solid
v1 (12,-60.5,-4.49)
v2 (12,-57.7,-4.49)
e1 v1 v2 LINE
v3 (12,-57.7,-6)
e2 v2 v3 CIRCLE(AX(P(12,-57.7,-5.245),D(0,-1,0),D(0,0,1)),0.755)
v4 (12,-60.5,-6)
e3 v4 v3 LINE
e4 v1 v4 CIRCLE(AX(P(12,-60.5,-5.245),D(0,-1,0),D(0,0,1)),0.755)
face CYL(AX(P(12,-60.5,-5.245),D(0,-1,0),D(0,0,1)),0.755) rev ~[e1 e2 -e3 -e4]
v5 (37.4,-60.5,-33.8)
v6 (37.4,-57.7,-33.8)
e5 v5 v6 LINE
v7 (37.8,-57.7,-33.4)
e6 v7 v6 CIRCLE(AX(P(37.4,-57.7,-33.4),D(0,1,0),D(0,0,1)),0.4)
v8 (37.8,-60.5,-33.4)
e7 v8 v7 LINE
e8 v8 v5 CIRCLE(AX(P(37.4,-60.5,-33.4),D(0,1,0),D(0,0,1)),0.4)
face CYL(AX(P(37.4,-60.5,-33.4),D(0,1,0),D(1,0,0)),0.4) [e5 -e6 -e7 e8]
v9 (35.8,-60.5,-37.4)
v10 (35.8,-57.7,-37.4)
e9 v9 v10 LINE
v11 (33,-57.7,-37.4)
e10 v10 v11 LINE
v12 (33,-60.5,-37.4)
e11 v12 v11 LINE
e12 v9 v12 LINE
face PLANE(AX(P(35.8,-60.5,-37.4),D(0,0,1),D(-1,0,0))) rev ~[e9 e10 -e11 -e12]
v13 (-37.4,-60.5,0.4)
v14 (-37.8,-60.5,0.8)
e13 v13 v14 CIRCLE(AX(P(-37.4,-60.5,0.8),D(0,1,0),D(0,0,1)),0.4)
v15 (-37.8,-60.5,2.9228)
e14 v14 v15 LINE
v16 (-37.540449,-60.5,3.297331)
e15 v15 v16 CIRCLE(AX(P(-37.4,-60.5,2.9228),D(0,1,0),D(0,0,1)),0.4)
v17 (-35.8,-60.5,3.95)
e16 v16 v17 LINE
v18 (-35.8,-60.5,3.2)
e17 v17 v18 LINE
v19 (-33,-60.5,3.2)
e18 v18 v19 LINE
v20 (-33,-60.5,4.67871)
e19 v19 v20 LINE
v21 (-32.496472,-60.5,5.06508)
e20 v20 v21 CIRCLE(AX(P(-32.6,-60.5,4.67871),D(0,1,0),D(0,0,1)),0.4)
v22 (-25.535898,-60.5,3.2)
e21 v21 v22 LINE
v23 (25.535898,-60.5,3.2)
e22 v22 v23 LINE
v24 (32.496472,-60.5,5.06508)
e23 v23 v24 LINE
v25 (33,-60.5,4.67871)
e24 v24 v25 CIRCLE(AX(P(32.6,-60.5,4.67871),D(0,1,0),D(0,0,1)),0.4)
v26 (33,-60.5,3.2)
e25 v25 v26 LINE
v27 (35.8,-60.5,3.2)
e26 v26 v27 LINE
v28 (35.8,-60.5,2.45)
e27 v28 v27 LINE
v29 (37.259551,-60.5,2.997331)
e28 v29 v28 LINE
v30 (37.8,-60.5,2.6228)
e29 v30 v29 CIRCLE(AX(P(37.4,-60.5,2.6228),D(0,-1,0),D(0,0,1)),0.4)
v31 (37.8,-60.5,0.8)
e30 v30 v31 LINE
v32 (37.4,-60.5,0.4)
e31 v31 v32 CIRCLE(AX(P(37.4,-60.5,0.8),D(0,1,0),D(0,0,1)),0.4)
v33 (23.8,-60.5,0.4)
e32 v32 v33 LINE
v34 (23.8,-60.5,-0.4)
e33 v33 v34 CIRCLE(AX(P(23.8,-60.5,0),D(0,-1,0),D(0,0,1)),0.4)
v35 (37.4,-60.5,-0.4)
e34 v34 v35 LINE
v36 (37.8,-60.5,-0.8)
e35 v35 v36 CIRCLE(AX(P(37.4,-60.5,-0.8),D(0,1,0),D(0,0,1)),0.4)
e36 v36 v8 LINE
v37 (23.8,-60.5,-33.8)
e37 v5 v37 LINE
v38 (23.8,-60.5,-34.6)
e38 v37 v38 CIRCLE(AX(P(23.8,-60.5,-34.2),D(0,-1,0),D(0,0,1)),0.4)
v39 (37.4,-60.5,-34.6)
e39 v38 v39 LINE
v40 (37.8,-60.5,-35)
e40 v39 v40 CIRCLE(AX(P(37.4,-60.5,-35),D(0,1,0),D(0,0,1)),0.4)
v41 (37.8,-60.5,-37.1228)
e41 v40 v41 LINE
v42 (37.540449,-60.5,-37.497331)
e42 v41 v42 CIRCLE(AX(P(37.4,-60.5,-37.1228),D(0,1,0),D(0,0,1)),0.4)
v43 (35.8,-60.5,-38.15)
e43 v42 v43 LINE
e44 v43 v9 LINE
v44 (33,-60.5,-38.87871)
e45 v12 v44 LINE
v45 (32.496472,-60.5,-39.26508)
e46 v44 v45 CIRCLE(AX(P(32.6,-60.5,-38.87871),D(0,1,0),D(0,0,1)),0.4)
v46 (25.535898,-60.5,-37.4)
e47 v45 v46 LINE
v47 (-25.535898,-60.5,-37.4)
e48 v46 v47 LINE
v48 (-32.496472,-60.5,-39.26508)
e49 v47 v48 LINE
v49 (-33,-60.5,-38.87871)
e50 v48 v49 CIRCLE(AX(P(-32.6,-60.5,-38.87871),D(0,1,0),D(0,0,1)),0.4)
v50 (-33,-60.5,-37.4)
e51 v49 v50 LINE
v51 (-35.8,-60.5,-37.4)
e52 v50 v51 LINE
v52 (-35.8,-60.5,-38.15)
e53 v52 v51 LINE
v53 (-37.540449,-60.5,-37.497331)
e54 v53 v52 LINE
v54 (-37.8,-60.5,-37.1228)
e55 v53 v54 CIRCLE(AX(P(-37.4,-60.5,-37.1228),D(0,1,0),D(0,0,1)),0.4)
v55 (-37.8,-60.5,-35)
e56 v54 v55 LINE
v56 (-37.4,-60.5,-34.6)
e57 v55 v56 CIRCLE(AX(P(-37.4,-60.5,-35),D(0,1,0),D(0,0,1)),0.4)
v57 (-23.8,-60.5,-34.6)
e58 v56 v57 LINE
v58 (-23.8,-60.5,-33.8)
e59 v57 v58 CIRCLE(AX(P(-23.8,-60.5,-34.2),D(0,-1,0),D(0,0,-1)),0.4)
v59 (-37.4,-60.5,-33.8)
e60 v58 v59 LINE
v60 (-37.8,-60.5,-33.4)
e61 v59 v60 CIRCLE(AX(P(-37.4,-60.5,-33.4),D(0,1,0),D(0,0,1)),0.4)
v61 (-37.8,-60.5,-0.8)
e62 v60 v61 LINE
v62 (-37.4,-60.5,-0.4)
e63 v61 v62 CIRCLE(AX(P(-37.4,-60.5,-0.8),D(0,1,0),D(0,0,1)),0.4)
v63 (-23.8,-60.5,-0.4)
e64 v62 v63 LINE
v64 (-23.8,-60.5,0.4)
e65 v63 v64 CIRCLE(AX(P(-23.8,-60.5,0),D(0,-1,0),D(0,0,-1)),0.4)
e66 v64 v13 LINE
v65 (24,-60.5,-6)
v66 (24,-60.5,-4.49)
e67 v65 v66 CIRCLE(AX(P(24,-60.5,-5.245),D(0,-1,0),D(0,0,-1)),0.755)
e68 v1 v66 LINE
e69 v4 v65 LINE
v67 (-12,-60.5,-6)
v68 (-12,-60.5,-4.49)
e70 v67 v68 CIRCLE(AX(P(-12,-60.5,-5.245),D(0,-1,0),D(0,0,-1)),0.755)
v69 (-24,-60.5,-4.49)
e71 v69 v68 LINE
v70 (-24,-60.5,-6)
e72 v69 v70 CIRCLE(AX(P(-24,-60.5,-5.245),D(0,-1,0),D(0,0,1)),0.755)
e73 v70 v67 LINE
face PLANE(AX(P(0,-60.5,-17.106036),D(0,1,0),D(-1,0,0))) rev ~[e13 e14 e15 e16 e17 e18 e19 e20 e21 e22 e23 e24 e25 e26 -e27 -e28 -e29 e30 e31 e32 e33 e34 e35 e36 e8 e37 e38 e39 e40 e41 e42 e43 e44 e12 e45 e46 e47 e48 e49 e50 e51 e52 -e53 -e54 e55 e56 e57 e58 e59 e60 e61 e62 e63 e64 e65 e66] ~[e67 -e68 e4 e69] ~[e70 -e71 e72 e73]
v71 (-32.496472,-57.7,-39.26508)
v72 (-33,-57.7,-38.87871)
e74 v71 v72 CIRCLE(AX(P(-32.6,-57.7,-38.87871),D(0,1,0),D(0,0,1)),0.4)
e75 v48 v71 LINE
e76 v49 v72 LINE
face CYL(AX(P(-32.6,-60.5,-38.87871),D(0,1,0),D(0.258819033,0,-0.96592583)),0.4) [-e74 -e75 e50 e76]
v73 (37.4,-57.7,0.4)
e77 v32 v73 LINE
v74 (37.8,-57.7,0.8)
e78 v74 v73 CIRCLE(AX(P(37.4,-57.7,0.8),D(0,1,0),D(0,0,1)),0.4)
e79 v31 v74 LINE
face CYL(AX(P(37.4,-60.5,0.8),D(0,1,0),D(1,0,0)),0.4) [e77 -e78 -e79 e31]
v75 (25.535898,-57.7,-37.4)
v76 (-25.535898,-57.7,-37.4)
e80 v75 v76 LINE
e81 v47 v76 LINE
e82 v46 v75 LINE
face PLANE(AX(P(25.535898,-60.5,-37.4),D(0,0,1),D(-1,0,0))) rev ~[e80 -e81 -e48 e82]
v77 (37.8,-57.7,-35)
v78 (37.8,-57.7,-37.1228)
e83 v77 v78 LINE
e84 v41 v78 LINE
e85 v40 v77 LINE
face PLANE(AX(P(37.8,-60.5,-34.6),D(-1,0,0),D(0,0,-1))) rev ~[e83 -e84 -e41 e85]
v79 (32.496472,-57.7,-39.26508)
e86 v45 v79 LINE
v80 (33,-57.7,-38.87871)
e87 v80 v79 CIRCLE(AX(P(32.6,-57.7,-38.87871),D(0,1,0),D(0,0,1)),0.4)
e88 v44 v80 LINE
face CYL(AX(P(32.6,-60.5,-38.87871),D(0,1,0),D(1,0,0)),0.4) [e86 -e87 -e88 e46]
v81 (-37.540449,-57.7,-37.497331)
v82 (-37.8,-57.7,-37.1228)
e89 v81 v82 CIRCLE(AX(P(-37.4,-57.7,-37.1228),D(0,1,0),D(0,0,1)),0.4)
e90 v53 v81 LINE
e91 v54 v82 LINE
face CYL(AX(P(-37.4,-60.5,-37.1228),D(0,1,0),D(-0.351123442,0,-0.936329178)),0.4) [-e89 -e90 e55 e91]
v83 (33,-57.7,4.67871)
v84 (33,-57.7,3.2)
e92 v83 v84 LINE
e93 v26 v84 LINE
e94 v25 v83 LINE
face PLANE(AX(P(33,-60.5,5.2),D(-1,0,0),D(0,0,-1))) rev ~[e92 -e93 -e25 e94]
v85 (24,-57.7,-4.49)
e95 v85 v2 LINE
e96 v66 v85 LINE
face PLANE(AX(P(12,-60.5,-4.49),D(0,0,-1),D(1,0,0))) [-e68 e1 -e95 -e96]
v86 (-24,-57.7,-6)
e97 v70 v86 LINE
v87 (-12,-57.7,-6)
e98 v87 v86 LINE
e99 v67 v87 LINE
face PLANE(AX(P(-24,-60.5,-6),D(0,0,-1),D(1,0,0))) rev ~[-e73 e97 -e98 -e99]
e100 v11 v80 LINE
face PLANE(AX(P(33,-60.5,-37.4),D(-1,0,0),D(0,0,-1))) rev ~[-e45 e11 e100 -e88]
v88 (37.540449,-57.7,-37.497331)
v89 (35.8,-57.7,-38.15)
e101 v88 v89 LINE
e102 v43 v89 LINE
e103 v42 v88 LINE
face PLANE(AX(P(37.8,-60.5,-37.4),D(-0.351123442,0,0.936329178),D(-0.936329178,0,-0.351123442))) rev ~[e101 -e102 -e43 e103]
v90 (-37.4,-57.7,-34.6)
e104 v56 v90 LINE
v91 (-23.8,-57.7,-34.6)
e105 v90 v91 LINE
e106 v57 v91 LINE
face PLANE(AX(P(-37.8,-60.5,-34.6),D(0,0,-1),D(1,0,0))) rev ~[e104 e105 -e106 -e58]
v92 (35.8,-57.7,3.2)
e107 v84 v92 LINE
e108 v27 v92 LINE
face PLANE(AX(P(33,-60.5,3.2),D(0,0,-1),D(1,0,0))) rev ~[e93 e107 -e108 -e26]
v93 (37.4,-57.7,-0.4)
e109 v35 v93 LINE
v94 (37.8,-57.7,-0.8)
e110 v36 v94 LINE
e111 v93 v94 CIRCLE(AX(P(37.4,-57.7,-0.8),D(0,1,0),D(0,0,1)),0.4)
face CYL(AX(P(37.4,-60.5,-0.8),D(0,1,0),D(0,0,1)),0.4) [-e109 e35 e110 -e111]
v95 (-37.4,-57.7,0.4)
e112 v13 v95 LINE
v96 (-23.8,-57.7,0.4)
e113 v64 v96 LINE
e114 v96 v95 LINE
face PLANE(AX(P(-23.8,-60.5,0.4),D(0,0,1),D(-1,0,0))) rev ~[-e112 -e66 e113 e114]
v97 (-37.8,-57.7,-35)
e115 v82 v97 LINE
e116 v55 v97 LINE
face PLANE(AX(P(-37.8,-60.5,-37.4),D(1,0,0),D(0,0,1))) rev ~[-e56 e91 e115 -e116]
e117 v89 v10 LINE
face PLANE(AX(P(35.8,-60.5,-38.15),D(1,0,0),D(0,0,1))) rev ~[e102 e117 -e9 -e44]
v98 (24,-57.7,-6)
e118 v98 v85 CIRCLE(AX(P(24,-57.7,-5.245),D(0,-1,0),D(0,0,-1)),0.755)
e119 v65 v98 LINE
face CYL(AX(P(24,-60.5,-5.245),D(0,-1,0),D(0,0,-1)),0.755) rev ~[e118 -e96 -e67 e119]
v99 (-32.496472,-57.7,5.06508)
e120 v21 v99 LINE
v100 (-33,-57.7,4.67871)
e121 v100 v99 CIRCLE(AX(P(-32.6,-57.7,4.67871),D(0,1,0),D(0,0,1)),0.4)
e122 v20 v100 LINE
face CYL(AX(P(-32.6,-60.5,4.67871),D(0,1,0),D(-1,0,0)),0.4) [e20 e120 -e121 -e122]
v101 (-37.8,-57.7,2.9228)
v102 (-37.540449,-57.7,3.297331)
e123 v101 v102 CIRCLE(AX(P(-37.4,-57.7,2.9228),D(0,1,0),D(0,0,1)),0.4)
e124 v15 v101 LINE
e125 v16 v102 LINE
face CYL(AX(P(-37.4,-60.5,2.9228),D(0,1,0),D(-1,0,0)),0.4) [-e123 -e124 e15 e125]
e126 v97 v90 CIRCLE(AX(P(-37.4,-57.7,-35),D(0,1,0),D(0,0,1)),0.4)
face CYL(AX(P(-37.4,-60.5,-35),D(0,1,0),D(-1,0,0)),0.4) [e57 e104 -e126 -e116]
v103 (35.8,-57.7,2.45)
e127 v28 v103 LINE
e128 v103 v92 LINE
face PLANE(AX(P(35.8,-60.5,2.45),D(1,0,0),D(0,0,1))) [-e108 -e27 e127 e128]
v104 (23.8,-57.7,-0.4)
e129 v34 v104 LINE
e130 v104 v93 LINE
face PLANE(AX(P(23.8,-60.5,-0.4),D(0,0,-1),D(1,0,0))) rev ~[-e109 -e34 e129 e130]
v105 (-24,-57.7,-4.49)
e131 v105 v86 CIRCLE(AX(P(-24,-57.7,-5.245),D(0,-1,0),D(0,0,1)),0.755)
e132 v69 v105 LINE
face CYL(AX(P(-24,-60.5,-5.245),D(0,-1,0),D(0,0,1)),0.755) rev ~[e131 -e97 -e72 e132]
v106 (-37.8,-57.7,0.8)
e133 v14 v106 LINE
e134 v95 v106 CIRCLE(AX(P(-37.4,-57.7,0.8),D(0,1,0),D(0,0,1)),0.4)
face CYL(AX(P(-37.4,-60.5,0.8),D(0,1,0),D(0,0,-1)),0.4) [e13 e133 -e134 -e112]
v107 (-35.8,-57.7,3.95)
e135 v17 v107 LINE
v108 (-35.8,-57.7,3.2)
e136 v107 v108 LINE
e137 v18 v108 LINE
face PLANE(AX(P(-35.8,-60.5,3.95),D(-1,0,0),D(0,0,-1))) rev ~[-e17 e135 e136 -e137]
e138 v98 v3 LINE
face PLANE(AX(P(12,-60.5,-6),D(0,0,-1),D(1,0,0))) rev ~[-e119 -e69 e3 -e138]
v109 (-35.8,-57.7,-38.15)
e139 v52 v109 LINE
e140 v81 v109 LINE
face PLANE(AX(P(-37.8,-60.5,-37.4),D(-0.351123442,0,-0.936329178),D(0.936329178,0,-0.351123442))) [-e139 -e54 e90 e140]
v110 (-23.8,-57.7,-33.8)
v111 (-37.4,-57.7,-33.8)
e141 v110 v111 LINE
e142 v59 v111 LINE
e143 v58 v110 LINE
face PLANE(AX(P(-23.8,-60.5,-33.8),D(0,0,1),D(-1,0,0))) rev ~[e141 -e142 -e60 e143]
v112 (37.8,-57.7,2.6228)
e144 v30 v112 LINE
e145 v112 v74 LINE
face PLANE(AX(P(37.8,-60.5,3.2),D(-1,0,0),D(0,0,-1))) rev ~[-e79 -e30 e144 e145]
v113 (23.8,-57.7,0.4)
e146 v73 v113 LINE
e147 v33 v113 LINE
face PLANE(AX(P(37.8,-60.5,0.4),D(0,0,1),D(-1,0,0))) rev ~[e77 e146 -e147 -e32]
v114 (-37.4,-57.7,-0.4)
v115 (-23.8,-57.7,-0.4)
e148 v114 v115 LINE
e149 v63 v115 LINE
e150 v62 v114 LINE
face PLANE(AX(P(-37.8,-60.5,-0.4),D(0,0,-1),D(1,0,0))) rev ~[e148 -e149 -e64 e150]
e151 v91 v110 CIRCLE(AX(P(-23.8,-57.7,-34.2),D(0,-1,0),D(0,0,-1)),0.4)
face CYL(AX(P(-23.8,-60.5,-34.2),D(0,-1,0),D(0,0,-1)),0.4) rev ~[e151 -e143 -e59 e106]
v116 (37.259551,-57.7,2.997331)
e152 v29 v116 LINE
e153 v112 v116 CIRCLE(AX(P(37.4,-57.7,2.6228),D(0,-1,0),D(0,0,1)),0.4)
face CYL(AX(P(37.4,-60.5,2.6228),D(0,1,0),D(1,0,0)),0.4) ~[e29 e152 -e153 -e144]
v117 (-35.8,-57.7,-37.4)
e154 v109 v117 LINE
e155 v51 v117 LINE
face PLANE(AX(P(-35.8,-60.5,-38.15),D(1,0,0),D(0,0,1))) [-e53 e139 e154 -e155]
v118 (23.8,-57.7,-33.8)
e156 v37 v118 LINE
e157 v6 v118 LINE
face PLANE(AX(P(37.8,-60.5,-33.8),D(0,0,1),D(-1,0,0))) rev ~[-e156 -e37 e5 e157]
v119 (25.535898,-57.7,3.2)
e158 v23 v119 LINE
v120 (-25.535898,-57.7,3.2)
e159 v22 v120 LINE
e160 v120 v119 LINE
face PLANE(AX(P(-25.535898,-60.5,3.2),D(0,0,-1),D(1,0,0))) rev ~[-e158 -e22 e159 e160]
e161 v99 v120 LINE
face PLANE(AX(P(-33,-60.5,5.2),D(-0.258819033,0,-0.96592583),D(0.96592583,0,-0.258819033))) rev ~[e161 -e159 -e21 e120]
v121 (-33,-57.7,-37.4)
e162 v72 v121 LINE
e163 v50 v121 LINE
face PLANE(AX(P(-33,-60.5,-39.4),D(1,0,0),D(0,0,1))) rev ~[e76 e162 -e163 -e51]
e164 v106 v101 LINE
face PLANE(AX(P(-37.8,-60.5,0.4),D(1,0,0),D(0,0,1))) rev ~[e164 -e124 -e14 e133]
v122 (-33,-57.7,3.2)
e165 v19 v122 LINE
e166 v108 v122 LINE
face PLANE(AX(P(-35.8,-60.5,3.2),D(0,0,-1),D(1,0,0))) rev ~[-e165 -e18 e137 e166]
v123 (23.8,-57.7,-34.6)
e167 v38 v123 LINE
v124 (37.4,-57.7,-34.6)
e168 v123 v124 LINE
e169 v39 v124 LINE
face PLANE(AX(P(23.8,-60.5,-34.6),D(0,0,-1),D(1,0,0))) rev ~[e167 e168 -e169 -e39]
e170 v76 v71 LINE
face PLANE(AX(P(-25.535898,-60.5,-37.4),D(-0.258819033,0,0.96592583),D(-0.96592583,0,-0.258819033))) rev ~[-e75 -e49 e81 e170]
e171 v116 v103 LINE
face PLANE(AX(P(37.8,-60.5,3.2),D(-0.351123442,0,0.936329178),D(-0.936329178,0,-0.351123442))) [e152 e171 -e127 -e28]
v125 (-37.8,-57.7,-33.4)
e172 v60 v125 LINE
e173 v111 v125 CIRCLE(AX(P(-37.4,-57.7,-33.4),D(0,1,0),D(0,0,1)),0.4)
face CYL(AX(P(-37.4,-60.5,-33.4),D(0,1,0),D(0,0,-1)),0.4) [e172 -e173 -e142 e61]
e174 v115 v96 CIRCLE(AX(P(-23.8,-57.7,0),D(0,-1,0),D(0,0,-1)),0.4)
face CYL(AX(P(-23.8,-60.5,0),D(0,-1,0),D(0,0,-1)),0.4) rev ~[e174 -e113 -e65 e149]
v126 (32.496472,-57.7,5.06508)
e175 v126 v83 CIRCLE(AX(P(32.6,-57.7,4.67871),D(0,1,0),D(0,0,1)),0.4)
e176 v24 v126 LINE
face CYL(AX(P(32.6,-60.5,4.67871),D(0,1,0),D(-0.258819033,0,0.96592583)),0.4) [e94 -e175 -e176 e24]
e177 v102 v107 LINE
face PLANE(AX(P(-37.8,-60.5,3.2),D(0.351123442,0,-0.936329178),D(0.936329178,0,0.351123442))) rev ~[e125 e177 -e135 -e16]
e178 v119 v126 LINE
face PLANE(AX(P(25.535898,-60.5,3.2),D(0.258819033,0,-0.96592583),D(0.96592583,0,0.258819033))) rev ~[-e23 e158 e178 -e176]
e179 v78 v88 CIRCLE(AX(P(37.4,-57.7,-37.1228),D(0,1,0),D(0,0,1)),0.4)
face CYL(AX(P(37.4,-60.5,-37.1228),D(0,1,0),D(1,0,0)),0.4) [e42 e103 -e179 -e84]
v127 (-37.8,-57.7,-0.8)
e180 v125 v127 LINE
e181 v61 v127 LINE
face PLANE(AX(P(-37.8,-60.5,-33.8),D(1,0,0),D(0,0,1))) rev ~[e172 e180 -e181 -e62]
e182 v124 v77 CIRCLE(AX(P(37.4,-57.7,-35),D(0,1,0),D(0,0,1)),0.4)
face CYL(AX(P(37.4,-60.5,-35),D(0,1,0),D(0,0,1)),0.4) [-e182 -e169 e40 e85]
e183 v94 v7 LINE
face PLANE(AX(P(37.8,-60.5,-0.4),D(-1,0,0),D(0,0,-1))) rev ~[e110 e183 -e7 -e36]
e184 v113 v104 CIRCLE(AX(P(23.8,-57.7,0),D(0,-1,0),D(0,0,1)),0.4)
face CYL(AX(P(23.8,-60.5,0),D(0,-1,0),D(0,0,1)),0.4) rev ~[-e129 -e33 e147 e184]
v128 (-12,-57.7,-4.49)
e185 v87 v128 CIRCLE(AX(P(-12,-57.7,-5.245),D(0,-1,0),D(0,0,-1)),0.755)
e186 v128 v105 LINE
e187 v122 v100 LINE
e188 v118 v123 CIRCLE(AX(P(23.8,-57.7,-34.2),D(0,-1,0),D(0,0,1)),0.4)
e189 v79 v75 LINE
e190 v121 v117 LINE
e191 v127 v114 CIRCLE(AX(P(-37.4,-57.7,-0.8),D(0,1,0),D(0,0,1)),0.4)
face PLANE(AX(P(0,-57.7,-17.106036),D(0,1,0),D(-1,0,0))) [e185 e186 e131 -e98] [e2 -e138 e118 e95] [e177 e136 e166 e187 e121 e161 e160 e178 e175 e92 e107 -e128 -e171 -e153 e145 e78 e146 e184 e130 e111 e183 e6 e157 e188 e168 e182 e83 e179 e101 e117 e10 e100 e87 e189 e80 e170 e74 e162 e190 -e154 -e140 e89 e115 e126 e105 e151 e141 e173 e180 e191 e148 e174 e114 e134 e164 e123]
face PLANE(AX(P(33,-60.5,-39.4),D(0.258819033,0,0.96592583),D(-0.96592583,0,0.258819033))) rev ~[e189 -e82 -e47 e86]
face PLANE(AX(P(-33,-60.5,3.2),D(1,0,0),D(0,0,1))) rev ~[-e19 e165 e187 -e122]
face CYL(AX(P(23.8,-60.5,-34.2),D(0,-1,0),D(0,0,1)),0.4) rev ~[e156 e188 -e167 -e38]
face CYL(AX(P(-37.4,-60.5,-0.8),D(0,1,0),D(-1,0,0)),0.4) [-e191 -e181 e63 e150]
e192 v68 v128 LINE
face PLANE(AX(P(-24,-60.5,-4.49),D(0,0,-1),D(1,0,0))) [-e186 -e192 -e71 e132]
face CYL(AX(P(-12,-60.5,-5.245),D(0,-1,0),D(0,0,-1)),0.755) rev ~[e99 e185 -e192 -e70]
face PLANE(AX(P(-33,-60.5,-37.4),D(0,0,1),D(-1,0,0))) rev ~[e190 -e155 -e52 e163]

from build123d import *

# Parameters (mm, degrees)
PAD009_DEPTH    = 2.8
FILLET004_R     = 0.4
POCKET014_DEPTH = 2.801


with BuildPart() as part:
    # Sketch009 (on Face6 of ShapeBinder008) → Pad009 (new body)
    with BuildSketch(Plane.XZ.offset(60.5)):
        with BuildLine():
            Line((37.8, 3.2), (37.8, 0.4))
            Line((37.8, 0.4), (23.8, 0.4))
            ThreePointArc((23.8, 0.4), (23.4, 0), (23.8, -0.4))
            Line((23.8, -0.4), (37.8, -0.4))
            Line((37.8, -0.4), (37.8, -33.8))
            Line((37.8, -33.8), (23.8, -33.8))
            ThreePointArc((23.8, -33.8), (23.4, -34.2), (23.8, -34.6))
            Line((23.8, -34.6), (37.8, -34.6))
            Line((37.8, -34.6), (37.8, -37.4))
            Line((37.8, -37.4), (35.8, -38.15))
            Line((35.8, -38.15), (35.8, -37.4))
            Line((35.8, -37.4), (33, -37.4))
            Line((33, -37.4), (33, -39.4))
            Line((33, -39.4), (25.535898, -37.4))
            Line((25.535898, -37.4), (-25.535898, -37.4))
            Line((-25.535898, -37.4), (-33, -39.4))
            Line((-33, -39.4), (-33, -37.4))
            Line((-33, -37.4), (-35.8, -37.4))
            Line((-35.8, -38.15), (-35.8, -37.4))
            Line((-37.8, -37.4), (-35.8, -38.15))
            Line((-37.8, -37.4), (-37.8, -34.6))
            Line((-37.8, -34.6), (-23.8, -34.6))
            ThreePointArc((-23.8, -34.6), (-23.4, -34.2), (-23.8, -33.8))
            Line((-23.8, -33.8), (-37.8, -33.8))
            Line((-37.8, -33.8), (-37.8, -0.4))
            Line((-37.8, -0.4), (-23.8, -0.4))
            ThreePointArc((-23.8, -0.4), (-23.4, 0), (-23.8, 0.4))
            Line((-23.8, 0.4), (-37.8, 0.4))
            Line((-37.8, 0.4), (-37.8, 3.2))
            Line((-37.8, 3.2), (-35.8, 3.95))
            Line((-35.8, 3.95), (-35.8, 3.2))
            Line((-35.8, 3.2), (-33, 3.2))
            Line((-33, 3.2), (-33, 5.2))
            Line((-33, 5.2), (-25.535898, 3.2))
            Line((-25.535898, 3.2), (25.535898, 3.2))
            Line((25.535898, 3.2), (33, 5.2))
            Line((33, 5.2), (33, 3.2))
            Line((33, 3.2), (35.8, 3.2))
            Line((35.8, 2.45), (35.8, 3.2))
            Line((37.8, 3.2), (35.8, 2.45))
        make_face()
    extrude(amount=-PAD009_DEPTH)

    # Fillet004
    fillet004_edges = [part.edges().sort_by_distance(p)[0] for p in [
        (33, -59.1, 5.2),
        (37.8, -59.1, 3.2),
        (37.8, -59.1, 0.4),
        (37.8, -59.1, -0.4),
        (37.8, -59.1, -33.8),
        (37.8, -59.1, -34.6),
        (37.8, -59.1, -37.4),
        (33, -59.1, -39.4),
        (-37.8, -59.1, -33.8),
        (-37.8, -59.1, -34.6),
        (-37.8, -59.1, -37.4),
        (-33, -59.1, -39.4),
        (-33, -59.1, 5.2),
        (-37.8, -59.1, 3.2),
        (-37.8, -59.1, 0.4),
        (-37.8, -59.1, -0.4),
    ]]
    fillet(fillet004_edges, radius=FILLET004_R)

    # Sketch025 (on Face2 of Fillet004) → Pocket014 (cut, through all)
    with BuildSketch(Plane.XZ.offset(60.5)):
        with BuildLine():
            ThreePointArc((-24, -4.49), (-24.755, -5.245), (-24, -6))
            Line((-24, -6), (-12, -6))
            ThreePointArc((-12, -6), (-11.245, -5.245), (-12, -4.49))
            Line((-24, -4.49), (-12, -4.49))
        make_face()
        with BuildLine():
            ThreePointArc((12, -4.49), (11.245, -5.245), (12, -6))
            Line((12, -6), (24, -6))
            ThreePointArc((24, -6), (24.755, -5.245), (24, -4.49))
            Line((12, -4.49), (24, -4.49))
        make_face()
    extrude(amount=-POCKET014_DEPTH, mode=Mode.SUBTRACT)


solid = part.part
